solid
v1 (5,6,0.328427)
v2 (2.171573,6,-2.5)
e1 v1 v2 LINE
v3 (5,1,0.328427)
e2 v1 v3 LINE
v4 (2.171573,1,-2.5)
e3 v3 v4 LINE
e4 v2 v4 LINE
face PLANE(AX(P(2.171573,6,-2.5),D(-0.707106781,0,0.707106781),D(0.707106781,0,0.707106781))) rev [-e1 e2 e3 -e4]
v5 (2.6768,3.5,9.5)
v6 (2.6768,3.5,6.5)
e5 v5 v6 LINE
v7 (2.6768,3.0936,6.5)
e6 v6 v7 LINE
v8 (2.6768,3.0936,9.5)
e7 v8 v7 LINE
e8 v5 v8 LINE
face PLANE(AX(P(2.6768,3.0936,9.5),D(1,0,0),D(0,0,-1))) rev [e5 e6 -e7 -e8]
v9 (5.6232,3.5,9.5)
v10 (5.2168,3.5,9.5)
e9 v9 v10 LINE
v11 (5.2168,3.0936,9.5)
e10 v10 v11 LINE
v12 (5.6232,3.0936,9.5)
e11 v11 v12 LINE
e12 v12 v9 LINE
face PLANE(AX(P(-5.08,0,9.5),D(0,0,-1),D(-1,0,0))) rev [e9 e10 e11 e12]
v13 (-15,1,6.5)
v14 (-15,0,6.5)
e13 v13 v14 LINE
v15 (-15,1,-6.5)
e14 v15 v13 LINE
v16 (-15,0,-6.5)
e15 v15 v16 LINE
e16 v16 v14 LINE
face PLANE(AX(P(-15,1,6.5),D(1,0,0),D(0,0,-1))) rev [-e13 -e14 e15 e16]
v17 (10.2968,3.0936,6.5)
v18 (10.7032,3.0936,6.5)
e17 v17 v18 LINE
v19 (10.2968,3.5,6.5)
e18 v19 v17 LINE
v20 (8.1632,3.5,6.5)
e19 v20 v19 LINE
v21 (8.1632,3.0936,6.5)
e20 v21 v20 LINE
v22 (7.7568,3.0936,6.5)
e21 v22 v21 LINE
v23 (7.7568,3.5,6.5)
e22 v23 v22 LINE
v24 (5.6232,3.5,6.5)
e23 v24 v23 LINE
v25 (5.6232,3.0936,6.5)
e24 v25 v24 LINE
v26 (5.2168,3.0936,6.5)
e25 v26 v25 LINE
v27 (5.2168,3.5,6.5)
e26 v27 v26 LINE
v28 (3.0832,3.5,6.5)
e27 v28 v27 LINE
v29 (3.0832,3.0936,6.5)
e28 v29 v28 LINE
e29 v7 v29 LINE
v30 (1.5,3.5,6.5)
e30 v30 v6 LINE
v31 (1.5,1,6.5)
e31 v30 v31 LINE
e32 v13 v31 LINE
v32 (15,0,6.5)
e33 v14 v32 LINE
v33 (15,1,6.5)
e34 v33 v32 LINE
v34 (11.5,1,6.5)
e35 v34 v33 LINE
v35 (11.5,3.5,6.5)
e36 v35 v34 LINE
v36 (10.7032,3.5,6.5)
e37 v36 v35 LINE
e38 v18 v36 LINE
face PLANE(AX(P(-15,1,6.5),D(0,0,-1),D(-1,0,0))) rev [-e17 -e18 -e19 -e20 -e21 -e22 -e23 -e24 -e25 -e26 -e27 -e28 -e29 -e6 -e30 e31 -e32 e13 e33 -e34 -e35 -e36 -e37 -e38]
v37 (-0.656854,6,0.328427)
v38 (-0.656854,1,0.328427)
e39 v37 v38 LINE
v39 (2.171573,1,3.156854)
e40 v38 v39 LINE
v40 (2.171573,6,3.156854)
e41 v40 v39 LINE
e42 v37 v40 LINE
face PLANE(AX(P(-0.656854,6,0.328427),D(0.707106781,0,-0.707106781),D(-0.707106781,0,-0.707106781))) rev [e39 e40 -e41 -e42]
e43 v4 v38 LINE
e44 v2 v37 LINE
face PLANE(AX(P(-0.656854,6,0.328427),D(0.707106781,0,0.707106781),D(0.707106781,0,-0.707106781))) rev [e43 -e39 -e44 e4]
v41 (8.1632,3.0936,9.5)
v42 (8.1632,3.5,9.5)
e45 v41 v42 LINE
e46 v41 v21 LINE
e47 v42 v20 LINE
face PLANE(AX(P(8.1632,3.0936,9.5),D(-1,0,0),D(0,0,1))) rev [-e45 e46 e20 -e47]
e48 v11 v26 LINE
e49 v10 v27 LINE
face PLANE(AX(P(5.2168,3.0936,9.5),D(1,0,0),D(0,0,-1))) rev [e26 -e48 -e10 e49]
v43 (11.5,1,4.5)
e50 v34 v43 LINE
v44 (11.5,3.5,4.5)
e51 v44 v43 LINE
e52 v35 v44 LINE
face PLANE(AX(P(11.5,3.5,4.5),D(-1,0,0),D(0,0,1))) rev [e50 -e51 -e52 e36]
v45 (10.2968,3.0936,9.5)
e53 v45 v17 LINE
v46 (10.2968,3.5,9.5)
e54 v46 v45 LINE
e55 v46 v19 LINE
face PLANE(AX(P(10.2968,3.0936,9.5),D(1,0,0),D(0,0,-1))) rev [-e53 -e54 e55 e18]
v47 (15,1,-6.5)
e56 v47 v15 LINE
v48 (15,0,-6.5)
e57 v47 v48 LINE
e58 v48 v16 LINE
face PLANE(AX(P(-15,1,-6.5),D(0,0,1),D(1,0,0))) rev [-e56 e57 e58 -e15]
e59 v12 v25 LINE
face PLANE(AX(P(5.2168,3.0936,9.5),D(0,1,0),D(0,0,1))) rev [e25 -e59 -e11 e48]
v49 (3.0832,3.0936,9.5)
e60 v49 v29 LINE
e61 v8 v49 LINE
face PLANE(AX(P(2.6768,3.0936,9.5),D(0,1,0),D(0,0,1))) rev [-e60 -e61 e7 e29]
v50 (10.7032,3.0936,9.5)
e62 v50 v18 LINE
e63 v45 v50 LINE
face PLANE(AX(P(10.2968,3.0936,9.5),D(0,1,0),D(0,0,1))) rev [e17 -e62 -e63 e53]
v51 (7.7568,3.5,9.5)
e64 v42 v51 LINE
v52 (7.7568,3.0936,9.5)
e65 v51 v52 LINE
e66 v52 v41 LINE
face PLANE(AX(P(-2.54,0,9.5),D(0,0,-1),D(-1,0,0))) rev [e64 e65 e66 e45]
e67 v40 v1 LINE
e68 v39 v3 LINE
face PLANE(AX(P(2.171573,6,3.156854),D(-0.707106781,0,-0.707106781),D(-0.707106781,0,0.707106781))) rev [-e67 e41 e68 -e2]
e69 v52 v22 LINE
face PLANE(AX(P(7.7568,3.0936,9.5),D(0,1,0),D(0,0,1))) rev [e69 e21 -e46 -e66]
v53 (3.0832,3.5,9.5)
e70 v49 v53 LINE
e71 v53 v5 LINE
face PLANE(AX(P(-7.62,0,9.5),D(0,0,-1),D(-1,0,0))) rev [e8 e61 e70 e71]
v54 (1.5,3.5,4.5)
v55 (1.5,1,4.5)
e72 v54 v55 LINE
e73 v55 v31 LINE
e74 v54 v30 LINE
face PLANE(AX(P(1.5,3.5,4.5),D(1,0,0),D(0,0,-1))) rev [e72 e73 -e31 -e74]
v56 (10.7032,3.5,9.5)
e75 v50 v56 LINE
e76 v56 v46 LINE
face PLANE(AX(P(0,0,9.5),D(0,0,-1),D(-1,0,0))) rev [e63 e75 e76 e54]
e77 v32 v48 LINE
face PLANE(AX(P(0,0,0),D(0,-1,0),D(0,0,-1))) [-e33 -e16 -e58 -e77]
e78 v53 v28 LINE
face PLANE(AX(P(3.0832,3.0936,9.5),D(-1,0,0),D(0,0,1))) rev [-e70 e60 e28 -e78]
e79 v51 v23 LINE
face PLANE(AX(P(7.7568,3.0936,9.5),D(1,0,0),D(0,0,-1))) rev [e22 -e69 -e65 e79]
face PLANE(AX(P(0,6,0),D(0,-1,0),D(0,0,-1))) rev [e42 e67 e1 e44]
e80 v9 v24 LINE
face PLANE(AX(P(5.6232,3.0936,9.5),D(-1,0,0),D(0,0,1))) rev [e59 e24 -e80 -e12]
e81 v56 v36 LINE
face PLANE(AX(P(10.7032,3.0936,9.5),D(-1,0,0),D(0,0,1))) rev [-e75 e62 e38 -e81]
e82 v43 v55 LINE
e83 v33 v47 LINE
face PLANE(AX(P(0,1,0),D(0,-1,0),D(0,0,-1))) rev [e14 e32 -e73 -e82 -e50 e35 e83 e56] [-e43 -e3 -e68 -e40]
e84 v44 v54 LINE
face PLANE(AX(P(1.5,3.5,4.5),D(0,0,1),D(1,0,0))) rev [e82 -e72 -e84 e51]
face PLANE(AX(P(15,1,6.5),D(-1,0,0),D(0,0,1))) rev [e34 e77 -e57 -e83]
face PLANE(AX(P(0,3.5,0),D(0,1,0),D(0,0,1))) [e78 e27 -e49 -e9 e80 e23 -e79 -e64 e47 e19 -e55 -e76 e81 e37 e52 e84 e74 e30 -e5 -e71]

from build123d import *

# Parameters (mm, degrees)
SKETCH1_W           = 30
SKETCH1_H           = 13
BOSS_EXTRUDE1_DEPTH = 1
SKETCH2_W           = 10
SKETCH2_H           = 2
BOSS_EXTRUDE2_DEPTH = 2.5
SKETCH4_W           = 0.4064
SKETCH4_H           = 0.4064
BOSS_EXTRUDE3_DEPTH = 3
LPATTERN1_COUNT     = 4
LPATTERN1_PITCH     = 2.54
BOSS_EXTRUDE4_DEPTH = 5


with BuildPart() as part:
    # Sketch1 → Boss-Extrude1 (new body)
    with BuildSketch(Plane(origin=(0, 0, 0), x_dir=(1, 0, 0), z_dir=(0, 1, 0))):
        Rectangle(SKETCH1_W, SKETCH1_H)
    extrude(amount=BOSS_EXTRUDE1_DEPTH)

    # Sketch2 → Boss-Extrude2 (add)
    with BuildSketch(Plane(origin=(0, 1, 0), x_dir=(1, 0, 0), z_dir=(0, 1, 0))):
        with Locations((6.5, -5.5)):
            Rectangle(SKETCH2_W, SKETCH2_H)
    extrude(amount=BOSS_EXTRUDE2_DEPTH)

    # Sketch4 → Boss-Extrude3 (add)
    with BuildSketch(Plane.XY.offset(6.5)):
        with Locations((10.5, 3.2968)):
            Rectangle(SKETCH4_W, SKETCH4_H)
    boss_extrude3 = extrude(amount=BOSS_EXTRUDE3_DEPTH)

    # LPattern1: Boss-Extrude3 ×4
    with Locations(*[(-i * LPATTERN1_PITCH, 0, 0) for i in range(1, LPATTERN1_COUNT)]):
        add(boss_extrude3)

    # Sketch5 → Boss-Extrude4 (add)
    with BuildSketch(Plane(origin=(0, 1, 0), x_dir=(1, 0, 0), z_dir=(0, 1, 0))):
        Polygon((-0.656854249, -0.328427125), (2.171572875, -3.156854249), (5, -0.328427125), (2.171572875, 2.5), align=None)
    extrude(amount=BOSS_EXTRUDE4_DEPTH)


solid = part.part
